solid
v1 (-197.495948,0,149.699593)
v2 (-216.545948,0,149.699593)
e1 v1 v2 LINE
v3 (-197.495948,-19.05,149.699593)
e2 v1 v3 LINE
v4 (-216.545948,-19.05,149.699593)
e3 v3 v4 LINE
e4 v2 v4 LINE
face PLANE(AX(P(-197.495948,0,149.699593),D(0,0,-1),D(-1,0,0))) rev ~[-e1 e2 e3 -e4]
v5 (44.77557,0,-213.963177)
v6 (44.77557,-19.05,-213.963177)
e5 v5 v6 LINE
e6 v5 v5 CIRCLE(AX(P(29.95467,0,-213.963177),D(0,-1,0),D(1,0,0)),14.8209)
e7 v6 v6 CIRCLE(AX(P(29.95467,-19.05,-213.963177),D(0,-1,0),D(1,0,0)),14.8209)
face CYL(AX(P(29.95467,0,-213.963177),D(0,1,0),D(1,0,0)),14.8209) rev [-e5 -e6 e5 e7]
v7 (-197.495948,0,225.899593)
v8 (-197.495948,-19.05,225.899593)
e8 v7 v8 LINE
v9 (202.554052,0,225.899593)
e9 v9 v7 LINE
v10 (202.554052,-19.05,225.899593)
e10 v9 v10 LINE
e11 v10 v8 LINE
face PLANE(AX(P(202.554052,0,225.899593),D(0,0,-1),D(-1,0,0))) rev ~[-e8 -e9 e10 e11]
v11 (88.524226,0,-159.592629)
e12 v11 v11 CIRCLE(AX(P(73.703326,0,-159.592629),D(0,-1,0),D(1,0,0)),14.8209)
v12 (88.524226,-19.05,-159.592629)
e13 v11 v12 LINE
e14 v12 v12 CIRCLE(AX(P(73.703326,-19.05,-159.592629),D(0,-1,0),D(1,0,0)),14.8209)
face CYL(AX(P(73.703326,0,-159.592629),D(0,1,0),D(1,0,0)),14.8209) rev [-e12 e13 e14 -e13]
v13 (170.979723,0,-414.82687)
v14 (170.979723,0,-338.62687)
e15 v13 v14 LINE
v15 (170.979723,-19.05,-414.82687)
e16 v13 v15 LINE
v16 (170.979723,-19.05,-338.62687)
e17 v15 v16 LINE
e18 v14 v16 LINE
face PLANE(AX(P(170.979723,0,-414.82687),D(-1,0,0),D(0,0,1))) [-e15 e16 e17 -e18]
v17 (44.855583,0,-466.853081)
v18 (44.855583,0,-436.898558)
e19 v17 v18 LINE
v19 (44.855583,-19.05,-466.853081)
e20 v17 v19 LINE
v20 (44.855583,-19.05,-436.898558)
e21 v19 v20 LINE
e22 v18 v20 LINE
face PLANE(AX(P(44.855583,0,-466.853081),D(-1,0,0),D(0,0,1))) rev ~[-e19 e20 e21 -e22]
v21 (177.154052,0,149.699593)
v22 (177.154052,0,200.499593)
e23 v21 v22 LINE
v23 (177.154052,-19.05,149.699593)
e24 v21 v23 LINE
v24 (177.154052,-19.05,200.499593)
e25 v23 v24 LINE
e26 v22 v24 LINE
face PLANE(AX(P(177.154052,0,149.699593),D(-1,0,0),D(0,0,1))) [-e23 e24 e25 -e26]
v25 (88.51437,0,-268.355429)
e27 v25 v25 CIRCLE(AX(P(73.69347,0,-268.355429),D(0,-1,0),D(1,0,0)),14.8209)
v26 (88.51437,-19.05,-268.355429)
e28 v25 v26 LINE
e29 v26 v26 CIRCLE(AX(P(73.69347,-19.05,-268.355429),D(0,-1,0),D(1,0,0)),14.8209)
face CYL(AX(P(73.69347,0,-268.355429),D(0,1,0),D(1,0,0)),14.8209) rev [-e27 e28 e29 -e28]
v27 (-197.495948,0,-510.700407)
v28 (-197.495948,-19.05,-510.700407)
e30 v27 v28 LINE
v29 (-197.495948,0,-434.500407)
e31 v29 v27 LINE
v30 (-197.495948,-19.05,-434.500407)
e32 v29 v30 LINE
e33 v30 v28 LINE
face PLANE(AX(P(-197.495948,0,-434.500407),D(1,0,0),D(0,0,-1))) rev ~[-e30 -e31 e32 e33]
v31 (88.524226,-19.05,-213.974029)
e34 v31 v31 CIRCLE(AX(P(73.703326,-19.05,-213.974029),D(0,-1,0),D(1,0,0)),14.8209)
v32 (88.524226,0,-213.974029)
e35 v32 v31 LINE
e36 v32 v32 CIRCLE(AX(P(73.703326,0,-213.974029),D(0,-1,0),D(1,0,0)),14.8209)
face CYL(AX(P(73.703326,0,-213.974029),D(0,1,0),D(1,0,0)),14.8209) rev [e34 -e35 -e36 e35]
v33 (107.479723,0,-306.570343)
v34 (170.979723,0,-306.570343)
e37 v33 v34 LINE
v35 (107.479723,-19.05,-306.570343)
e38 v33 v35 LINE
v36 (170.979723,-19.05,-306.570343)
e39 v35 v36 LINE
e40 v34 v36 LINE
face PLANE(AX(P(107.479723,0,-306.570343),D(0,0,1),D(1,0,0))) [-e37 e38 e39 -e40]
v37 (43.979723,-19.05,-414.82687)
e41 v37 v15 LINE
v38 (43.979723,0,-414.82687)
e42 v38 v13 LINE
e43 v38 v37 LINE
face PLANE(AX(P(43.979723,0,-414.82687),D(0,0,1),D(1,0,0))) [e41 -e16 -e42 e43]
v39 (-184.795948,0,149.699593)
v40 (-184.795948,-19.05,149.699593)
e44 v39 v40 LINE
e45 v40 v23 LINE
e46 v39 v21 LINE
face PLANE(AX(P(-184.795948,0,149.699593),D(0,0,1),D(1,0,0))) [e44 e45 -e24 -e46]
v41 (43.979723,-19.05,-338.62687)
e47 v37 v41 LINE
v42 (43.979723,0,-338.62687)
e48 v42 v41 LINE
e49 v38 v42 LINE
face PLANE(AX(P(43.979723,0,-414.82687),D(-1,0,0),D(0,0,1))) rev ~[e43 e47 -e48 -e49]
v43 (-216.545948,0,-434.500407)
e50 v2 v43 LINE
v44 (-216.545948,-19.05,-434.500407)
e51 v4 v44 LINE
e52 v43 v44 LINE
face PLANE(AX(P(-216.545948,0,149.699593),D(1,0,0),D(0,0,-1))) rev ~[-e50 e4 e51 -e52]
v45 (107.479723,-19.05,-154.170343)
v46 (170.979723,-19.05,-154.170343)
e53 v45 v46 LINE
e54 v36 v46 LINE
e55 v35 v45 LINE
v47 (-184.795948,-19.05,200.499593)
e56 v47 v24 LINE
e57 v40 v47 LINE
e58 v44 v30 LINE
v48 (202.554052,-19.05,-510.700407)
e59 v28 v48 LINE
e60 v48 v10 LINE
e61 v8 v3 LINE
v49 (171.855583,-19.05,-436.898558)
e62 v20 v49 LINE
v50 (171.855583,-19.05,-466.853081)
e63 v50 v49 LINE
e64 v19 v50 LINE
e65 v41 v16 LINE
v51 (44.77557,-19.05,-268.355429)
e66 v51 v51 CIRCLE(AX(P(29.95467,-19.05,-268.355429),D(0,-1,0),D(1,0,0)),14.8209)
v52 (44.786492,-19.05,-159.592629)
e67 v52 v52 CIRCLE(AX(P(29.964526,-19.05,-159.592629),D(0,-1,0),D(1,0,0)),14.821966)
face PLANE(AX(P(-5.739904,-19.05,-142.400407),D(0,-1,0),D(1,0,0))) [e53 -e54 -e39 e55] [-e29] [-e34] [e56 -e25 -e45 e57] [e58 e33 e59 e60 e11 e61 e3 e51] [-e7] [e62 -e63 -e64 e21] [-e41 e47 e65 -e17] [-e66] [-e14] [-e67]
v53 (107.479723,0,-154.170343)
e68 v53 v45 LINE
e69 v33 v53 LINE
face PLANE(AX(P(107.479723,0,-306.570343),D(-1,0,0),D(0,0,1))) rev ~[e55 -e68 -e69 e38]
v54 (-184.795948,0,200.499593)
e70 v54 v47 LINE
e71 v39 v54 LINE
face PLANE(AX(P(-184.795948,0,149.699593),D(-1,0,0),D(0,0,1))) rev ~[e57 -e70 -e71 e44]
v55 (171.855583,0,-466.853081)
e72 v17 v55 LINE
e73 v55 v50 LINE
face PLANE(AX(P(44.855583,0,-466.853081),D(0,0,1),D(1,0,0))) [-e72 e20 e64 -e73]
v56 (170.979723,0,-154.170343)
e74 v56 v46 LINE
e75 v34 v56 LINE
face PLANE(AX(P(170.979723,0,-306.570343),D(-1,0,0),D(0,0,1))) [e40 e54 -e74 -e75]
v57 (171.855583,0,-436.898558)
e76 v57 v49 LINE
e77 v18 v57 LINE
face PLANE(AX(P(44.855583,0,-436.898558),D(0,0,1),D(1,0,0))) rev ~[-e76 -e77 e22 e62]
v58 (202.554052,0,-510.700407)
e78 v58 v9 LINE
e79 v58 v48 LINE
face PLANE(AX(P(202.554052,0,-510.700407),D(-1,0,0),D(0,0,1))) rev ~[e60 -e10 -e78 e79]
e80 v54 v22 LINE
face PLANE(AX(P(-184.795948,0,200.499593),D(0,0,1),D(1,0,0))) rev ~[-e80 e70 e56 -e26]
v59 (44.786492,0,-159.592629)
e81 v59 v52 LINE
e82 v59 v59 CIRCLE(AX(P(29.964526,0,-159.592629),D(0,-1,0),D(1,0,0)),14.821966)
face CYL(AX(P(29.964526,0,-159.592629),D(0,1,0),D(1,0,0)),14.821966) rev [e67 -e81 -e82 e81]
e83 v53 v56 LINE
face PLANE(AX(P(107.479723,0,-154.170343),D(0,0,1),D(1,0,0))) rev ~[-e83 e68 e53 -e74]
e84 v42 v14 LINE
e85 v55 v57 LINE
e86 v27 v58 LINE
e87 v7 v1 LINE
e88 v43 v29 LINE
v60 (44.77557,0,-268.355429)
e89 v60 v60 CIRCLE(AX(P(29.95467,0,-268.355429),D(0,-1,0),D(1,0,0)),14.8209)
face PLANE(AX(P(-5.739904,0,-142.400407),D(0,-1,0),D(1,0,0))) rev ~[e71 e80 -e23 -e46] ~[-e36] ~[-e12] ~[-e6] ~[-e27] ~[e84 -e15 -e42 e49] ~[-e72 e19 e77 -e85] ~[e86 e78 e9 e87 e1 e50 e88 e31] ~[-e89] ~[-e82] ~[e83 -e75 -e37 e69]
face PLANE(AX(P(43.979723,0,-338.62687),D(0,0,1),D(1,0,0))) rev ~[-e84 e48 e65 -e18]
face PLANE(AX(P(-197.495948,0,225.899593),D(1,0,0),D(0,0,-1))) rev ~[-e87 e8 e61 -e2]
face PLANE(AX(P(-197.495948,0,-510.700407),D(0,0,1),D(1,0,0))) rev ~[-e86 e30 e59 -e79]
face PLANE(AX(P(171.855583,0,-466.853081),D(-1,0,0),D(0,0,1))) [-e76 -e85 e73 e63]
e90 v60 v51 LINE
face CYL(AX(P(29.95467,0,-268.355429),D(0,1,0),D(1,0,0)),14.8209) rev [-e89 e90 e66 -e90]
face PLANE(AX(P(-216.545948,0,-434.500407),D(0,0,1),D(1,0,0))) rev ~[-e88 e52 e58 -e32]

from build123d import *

# Parameters (mm, degrees)
F0_W     = 127
F0_H     = 29.954523
F0_H_2   = 76.2
F0_R     = 14.8209
F0_R_2   = 14.821966
F0_W_2   = 63.5
F0_H_3   = 152.4
F0_W_3   = 361.95
F0_H_4   = 50.8
F1_DEPTH = 19.05


with BuildPart() as f1:
    # F0 (on Front) → F1 (new body)
    with BuildSketch(Plane.XZ):
        Polygon((-197.495948, -510.700407), (202.554052, -510.700407), (202.554052, 225.899593), (-197.495948, 225.899593), (-197.495948, 149.699593), (-216.545948, 149.699593), (-216.545948, -434.500407), (-197.495948, -434.500407), align=None)
        with Locations((108.355583, -451.87582)):
            Rectangle(F0_W, F0_H, mode=Mode.SUBTRACT)
        with Locations((107.479723, -376.72687)):
            Rectangle(F0_W, F0_H_2, mode=Mode.SUBTRACT)
        with Locations((29.95467, -268.355429)):
            Circle(F0_R, mode=Mode.SUBTRACT)
        with Locations((73.69347, -268.355429)):
            Circle(F0_R, mode=Mode.SUBTRACT)
        with Locations((29.95467, -213.963177)):
            Circle(F0_R, mode=Mode.SUBTRACT)
        with Locations((29.964526, -159.592629)):
            Circle(F0_R_2, mode=Mode.SUBTRACT)
        with Locations((73.703326, -213.974029)):
            Circle(F0_R, mode=Mode.SUBTRACT)
        with Locations((73.703326, -159.592629)):
            Circle(F0_R, mode=Mode.SUBTRACT)
        with Locations((139.229723, -230.370343)):
            Rectangle(F0_W_2, F0_H_3, mode=Mode.SUBTRACT)
        with Locations((-3.820948, 175.099593)):
            Rectangle(F0_W_3, F0_H_4, mode=Mode.SUBTRACT)
    extrude(amount=F1_DEPTH)


solid = f1.part
